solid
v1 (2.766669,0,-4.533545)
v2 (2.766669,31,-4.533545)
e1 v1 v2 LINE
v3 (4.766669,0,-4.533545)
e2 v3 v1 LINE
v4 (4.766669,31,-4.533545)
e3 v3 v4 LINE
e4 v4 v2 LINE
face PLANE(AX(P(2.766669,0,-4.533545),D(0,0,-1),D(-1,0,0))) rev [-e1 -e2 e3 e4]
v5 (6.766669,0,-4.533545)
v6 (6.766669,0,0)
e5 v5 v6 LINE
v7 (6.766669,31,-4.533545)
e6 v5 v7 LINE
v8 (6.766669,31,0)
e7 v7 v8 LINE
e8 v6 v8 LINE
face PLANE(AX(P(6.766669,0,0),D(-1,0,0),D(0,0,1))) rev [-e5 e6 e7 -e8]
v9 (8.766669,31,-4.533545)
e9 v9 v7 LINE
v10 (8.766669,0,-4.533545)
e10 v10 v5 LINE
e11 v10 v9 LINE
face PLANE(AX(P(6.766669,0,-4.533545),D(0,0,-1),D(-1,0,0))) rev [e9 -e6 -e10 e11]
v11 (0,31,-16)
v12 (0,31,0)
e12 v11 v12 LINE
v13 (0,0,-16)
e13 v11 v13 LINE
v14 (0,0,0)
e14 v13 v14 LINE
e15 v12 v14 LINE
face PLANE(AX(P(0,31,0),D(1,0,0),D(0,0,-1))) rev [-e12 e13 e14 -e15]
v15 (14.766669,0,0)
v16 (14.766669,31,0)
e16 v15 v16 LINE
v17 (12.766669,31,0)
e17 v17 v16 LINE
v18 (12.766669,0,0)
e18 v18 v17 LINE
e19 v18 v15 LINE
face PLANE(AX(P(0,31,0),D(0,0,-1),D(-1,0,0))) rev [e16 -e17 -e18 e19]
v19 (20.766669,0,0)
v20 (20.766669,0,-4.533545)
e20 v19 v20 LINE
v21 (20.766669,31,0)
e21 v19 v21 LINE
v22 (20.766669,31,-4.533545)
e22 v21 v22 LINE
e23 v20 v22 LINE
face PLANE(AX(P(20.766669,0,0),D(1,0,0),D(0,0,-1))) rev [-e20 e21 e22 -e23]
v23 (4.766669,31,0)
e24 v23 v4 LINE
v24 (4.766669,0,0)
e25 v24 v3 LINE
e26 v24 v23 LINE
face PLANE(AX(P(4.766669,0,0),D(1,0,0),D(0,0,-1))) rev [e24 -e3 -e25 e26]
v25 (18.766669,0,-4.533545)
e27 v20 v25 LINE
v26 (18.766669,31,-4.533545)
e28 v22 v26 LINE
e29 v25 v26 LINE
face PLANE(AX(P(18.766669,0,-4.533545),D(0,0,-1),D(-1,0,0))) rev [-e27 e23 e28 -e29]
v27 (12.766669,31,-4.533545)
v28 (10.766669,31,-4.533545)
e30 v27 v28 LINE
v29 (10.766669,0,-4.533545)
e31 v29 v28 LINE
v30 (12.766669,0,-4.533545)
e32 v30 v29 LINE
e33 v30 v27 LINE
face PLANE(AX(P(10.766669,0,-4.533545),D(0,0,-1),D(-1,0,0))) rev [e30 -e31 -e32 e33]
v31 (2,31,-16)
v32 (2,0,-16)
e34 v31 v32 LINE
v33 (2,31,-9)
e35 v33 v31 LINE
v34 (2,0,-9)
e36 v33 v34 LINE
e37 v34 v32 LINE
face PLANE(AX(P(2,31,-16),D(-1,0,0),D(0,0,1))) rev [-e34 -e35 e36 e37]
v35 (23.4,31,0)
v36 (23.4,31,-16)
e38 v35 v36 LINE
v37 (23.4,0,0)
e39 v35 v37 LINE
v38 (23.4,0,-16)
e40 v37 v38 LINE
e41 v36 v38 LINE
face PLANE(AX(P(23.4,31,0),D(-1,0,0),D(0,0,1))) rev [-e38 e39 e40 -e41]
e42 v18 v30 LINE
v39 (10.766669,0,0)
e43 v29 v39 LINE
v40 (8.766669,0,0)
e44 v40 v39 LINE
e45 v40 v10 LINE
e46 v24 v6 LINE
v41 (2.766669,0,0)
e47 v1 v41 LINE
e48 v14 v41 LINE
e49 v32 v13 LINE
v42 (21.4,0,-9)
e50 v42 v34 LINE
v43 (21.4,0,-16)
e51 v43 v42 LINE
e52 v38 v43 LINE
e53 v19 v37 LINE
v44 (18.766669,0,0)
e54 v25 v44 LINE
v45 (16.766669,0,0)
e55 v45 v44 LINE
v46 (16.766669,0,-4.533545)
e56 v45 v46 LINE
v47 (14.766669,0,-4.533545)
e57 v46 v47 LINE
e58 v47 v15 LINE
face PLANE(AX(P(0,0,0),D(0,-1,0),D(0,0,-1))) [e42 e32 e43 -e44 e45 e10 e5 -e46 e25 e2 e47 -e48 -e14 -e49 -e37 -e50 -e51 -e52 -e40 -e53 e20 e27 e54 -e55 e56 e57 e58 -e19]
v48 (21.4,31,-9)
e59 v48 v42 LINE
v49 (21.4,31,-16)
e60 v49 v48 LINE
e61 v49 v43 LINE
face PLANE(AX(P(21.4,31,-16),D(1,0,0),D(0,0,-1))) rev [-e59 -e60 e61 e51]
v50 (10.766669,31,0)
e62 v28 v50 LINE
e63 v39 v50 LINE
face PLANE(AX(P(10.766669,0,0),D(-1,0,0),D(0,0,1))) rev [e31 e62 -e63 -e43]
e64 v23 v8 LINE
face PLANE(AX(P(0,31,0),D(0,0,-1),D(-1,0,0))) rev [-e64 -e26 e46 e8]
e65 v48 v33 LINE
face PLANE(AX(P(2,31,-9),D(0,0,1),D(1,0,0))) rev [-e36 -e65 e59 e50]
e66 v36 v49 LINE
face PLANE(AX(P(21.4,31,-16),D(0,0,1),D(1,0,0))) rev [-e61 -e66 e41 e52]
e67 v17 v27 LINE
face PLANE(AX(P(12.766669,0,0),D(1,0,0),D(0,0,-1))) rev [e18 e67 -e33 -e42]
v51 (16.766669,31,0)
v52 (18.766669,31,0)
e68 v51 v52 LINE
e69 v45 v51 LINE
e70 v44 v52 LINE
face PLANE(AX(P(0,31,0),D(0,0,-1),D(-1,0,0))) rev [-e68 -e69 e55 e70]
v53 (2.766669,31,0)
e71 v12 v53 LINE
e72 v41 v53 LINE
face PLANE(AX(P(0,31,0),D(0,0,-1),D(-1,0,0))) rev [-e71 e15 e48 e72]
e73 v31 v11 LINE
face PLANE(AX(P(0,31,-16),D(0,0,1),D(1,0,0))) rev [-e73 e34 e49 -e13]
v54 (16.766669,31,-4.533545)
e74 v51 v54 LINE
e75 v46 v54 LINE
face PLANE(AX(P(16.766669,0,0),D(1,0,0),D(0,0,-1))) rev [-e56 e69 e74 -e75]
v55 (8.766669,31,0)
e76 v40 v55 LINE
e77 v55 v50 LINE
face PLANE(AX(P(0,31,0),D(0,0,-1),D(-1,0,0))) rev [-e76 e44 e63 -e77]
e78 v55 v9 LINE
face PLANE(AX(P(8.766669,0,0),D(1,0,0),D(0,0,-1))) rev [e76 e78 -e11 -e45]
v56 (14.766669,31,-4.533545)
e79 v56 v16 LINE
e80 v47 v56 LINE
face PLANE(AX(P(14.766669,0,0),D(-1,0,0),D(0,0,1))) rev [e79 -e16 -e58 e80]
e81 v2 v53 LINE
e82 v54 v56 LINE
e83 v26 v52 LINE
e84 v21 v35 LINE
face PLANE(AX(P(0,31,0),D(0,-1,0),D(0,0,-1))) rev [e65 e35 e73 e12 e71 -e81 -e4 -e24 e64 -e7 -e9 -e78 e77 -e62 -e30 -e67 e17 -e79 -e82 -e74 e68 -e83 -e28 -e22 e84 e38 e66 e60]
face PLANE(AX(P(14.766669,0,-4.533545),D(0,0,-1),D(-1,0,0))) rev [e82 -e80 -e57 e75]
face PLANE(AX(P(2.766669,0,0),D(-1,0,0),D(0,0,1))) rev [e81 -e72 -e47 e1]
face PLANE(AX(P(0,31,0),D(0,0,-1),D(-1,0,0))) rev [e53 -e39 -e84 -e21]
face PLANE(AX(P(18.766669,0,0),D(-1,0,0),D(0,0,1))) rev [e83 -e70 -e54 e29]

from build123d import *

# Parameters (mm, degrees)
BOSS_EXTRUDE1_DEPTH = 31
SKETCH2_W           = 2
SKETCH2_H           = 4.533544861
CUT_EXTRUDE1_DEPTH  = 32


with BuildPart() as part:
    # Sketch1 → Boss-Extrude1 (new body)
    with BuildSketch(Plane(origin=(0, 0, 0), x_dir=(1, 0, 0), z_dir=(0, 1, 0))):
        Polygon((21.4, 16), (23.4, 16), (23.4, 0), (0, 0), (0, 16), (2, 16), (2, 9), (21.4, 9), align=None)
    extrude(amount=BOSS_EXTRUDE1_DEPTH)

    # Sketch2 → Cut-Extrude1 (cut, through all)
    with BuildSketch(Plane(origin=(0, 31, 0), x_dir=(1, 0, 0), z_dir=(0, 1, 0))):
        with Locations((3.766668881, 2.266772431)):
            Rectangle(SKETCH2_W, SKETCH2_H)
        with Locations((7.766668881, 2.266772431)):
            Rectangle(SKETCH2_W, SKETCH2_H)
        with Locations((11.766668881, 2.266772431)):
            Rectangle(SKETCH2_W, SKETCH2_H)
        with Locations((15.766668881, 2.266772431)):
            Rectangle(SKETCH2_W, SKETCH2_H)
        with Locations((19.766668881, 2.266772431)):
            Rectangle(SKETCH2_W, SKETCH2_H)
    extrude(amount=-CUT_EXTRUDE1_DEPTH, mode=Mode.SUBTRACT)


solid = part.part
